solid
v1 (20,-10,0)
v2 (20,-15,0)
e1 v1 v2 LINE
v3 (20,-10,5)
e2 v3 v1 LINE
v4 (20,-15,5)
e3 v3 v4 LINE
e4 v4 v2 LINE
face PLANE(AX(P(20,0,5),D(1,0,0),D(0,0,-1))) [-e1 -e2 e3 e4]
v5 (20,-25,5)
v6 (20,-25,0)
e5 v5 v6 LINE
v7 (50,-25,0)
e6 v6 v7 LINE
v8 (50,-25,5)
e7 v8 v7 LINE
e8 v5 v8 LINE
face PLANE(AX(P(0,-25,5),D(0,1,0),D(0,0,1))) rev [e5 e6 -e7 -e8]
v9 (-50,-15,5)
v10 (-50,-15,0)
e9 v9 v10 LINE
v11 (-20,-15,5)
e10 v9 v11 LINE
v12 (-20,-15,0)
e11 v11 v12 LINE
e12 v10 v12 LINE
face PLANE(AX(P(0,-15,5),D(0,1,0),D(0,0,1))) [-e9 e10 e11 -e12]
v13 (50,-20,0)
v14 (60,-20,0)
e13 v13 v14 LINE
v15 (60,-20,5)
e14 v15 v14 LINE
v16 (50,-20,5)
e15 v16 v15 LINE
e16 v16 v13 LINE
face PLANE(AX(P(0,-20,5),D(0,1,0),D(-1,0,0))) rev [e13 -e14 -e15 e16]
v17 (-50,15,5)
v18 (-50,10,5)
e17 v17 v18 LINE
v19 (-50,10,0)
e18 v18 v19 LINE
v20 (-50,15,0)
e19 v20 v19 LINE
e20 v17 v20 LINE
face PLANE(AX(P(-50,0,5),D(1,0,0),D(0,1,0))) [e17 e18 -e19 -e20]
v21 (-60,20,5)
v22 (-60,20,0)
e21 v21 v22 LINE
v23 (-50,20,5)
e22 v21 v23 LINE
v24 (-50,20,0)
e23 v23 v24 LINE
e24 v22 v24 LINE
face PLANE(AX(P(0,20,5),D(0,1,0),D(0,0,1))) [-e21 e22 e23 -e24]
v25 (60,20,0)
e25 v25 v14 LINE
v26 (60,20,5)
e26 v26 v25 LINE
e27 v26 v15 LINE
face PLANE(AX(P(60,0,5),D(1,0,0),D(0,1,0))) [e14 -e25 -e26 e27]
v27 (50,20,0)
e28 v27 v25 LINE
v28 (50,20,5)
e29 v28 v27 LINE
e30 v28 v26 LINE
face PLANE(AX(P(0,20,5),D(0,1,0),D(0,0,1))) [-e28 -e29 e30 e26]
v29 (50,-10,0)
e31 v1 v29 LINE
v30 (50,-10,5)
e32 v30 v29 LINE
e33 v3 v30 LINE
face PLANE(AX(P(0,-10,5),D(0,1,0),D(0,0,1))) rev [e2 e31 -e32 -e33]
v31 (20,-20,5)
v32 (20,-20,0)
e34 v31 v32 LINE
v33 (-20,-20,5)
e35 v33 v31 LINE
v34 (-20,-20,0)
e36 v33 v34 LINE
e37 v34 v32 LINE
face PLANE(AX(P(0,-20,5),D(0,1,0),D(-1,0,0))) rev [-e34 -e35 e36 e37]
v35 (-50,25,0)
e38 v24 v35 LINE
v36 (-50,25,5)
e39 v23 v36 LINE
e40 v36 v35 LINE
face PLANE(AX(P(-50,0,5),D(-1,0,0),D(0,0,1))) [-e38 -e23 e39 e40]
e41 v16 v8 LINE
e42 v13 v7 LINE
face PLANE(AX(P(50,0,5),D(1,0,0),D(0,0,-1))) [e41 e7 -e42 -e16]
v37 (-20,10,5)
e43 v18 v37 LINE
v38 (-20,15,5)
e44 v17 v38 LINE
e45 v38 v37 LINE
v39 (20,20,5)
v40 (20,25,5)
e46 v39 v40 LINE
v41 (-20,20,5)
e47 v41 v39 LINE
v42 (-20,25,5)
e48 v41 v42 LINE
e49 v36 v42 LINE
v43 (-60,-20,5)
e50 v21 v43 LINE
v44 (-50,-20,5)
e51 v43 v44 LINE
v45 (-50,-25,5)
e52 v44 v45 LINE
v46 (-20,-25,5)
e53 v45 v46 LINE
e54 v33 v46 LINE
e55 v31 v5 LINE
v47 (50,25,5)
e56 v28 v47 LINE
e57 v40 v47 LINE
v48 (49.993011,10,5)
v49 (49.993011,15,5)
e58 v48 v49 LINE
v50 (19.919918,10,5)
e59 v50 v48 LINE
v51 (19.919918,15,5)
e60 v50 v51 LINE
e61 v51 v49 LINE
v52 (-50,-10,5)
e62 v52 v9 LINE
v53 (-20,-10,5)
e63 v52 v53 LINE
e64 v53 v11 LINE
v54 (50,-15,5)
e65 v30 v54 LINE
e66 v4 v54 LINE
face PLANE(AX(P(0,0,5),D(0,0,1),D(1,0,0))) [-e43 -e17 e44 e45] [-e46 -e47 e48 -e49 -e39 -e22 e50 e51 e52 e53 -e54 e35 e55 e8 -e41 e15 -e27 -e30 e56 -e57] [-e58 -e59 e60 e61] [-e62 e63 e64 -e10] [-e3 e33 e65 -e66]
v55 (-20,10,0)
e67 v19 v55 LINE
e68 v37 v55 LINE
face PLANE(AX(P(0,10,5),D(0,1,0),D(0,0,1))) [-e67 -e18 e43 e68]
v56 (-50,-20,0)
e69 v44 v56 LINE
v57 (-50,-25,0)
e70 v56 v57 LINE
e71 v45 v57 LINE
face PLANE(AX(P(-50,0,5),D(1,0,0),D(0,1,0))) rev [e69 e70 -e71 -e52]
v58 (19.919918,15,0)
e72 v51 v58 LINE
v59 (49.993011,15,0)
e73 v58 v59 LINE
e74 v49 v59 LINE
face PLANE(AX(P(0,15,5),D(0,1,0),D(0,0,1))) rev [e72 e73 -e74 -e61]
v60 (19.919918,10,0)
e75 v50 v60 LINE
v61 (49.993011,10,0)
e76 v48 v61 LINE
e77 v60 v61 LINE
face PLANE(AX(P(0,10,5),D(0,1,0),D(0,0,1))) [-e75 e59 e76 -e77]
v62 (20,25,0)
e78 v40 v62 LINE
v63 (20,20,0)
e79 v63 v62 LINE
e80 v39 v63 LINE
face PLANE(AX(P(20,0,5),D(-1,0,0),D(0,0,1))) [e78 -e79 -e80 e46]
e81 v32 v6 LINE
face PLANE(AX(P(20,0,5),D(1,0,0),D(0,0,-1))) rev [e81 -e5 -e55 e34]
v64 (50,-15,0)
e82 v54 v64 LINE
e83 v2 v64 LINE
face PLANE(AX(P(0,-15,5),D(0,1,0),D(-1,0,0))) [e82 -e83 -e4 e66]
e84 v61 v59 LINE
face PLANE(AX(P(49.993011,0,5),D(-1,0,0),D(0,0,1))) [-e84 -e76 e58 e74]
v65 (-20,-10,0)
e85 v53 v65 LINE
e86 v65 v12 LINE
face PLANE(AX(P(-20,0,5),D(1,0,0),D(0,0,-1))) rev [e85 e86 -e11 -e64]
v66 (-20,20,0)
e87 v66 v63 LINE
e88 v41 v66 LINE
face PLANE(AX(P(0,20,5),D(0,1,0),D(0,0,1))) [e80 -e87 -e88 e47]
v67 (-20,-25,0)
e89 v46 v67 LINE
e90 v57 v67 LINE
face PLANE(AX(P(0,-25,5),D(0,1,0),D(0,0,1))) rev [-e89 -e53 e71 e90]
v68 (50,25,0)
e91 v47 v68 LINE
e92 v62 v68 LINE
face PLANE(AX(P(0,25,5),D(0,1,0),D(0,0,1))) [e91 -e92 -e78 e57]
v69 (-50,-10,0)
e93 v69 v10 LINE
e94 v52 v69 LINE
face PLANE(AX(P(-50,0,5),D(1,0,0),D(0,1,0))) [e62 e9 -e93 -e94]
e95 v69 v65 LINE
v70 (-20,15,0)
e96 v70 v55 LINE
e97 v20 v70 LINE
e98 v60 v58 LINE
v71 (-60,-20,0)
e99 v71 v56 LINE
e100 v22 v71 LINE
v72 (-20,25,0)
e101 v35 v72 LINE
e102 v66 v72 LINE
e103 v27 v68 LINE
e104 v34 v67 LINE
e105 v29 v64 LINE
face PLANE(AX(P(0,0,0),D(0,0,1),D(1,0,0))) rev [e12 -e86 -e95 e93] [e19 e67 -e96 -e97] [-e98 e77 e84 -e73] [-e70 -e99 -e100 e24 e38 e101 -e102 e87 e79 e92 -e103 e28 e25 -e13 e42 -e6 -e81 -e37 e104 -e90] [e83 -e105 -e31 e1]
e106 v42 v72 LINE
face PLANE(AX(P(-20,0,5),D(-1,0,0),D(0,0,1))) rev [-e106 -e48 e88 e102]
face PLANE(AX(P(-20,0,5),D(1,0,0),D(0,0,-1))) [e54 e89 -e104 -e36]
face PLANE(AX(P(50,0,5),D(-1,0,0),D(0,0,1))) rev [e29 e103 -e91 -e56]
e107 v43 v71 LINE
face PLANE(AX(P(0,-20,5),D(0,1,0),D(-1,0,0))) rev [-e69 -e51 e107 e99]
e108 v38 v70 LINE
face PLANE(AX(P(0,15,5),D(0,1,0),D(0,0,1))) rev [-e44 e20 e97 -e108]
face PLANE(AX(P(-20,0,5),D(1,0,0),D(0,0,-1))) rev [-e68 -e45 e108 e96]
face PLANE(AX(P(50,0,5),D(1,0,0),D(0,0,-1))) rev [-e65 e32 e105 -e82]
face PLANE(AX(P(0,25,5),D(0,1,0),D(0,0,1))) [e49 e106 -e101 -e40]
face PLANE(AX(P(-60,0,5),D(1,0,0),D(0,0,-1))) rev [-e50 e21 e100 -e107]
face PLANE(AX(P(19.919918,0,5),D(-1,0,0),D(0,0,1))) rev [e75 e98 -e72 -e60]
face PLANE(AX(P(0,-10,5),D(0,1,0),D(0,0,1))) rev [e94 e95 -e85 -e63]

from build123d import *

# Parameters (mm, degrees)
SKETCH1_W           = 120
SKETCH1_H           = 40
SKETCH1_W_2         = 30.073092916
SKETCH1_H_2         = 5
SKETCH1_W_3         = 30
BOSS_EXTRUDE1_DEPTH = 5


with BuildPart() as part:
    # Sketch1 → Boss-Extrude1 (new body)
    with BuildSketch(Plane.XY):
        Rectangle(SKETCH1_W, SKETCH1_H)
        with Locations((34.956464204, 12.5)):
            Rectangle(SKETCH1_W_2, SKETCH1_H_2, mode=Mode.SUBTRACT)
        with Locations((-35, 12.5)):
            Rectangle(SKETCH1_W_3, SKETCH1_H_2, mode=Mode.SUBTRACT)
        with Locations((-35, -12.5)):
            Rectangle(SKETCH1_W_3, SKETCH1_H_2, mode=Mode.SUBTRACT)
        with Locations((35, -12.5)):
            Rectangle(SKETCH1_W_3, SKETCH1_H_2, mode=Mode.SUBTRACT)
        with Locations((-35, -22.5)):
            Rectangle(SKETCH1_W_3, SKETCH1_H_2)
        with Locations((35, -22.5)):
            Rectangle(SKETCH1_W_3, SKETCH1_H_2)
        with Locations((35, 22.5)):
            Rectangle(SKETCH1_W_3, SKETCH1_H_2)
        with Locations((-35, 22.5)):
            Rectangle(SKETCH1_W_3, SKETCH1_H_2)
    extrude(amount=BOSS_EXTRUDE1_DEPTH)


solid = part.part
